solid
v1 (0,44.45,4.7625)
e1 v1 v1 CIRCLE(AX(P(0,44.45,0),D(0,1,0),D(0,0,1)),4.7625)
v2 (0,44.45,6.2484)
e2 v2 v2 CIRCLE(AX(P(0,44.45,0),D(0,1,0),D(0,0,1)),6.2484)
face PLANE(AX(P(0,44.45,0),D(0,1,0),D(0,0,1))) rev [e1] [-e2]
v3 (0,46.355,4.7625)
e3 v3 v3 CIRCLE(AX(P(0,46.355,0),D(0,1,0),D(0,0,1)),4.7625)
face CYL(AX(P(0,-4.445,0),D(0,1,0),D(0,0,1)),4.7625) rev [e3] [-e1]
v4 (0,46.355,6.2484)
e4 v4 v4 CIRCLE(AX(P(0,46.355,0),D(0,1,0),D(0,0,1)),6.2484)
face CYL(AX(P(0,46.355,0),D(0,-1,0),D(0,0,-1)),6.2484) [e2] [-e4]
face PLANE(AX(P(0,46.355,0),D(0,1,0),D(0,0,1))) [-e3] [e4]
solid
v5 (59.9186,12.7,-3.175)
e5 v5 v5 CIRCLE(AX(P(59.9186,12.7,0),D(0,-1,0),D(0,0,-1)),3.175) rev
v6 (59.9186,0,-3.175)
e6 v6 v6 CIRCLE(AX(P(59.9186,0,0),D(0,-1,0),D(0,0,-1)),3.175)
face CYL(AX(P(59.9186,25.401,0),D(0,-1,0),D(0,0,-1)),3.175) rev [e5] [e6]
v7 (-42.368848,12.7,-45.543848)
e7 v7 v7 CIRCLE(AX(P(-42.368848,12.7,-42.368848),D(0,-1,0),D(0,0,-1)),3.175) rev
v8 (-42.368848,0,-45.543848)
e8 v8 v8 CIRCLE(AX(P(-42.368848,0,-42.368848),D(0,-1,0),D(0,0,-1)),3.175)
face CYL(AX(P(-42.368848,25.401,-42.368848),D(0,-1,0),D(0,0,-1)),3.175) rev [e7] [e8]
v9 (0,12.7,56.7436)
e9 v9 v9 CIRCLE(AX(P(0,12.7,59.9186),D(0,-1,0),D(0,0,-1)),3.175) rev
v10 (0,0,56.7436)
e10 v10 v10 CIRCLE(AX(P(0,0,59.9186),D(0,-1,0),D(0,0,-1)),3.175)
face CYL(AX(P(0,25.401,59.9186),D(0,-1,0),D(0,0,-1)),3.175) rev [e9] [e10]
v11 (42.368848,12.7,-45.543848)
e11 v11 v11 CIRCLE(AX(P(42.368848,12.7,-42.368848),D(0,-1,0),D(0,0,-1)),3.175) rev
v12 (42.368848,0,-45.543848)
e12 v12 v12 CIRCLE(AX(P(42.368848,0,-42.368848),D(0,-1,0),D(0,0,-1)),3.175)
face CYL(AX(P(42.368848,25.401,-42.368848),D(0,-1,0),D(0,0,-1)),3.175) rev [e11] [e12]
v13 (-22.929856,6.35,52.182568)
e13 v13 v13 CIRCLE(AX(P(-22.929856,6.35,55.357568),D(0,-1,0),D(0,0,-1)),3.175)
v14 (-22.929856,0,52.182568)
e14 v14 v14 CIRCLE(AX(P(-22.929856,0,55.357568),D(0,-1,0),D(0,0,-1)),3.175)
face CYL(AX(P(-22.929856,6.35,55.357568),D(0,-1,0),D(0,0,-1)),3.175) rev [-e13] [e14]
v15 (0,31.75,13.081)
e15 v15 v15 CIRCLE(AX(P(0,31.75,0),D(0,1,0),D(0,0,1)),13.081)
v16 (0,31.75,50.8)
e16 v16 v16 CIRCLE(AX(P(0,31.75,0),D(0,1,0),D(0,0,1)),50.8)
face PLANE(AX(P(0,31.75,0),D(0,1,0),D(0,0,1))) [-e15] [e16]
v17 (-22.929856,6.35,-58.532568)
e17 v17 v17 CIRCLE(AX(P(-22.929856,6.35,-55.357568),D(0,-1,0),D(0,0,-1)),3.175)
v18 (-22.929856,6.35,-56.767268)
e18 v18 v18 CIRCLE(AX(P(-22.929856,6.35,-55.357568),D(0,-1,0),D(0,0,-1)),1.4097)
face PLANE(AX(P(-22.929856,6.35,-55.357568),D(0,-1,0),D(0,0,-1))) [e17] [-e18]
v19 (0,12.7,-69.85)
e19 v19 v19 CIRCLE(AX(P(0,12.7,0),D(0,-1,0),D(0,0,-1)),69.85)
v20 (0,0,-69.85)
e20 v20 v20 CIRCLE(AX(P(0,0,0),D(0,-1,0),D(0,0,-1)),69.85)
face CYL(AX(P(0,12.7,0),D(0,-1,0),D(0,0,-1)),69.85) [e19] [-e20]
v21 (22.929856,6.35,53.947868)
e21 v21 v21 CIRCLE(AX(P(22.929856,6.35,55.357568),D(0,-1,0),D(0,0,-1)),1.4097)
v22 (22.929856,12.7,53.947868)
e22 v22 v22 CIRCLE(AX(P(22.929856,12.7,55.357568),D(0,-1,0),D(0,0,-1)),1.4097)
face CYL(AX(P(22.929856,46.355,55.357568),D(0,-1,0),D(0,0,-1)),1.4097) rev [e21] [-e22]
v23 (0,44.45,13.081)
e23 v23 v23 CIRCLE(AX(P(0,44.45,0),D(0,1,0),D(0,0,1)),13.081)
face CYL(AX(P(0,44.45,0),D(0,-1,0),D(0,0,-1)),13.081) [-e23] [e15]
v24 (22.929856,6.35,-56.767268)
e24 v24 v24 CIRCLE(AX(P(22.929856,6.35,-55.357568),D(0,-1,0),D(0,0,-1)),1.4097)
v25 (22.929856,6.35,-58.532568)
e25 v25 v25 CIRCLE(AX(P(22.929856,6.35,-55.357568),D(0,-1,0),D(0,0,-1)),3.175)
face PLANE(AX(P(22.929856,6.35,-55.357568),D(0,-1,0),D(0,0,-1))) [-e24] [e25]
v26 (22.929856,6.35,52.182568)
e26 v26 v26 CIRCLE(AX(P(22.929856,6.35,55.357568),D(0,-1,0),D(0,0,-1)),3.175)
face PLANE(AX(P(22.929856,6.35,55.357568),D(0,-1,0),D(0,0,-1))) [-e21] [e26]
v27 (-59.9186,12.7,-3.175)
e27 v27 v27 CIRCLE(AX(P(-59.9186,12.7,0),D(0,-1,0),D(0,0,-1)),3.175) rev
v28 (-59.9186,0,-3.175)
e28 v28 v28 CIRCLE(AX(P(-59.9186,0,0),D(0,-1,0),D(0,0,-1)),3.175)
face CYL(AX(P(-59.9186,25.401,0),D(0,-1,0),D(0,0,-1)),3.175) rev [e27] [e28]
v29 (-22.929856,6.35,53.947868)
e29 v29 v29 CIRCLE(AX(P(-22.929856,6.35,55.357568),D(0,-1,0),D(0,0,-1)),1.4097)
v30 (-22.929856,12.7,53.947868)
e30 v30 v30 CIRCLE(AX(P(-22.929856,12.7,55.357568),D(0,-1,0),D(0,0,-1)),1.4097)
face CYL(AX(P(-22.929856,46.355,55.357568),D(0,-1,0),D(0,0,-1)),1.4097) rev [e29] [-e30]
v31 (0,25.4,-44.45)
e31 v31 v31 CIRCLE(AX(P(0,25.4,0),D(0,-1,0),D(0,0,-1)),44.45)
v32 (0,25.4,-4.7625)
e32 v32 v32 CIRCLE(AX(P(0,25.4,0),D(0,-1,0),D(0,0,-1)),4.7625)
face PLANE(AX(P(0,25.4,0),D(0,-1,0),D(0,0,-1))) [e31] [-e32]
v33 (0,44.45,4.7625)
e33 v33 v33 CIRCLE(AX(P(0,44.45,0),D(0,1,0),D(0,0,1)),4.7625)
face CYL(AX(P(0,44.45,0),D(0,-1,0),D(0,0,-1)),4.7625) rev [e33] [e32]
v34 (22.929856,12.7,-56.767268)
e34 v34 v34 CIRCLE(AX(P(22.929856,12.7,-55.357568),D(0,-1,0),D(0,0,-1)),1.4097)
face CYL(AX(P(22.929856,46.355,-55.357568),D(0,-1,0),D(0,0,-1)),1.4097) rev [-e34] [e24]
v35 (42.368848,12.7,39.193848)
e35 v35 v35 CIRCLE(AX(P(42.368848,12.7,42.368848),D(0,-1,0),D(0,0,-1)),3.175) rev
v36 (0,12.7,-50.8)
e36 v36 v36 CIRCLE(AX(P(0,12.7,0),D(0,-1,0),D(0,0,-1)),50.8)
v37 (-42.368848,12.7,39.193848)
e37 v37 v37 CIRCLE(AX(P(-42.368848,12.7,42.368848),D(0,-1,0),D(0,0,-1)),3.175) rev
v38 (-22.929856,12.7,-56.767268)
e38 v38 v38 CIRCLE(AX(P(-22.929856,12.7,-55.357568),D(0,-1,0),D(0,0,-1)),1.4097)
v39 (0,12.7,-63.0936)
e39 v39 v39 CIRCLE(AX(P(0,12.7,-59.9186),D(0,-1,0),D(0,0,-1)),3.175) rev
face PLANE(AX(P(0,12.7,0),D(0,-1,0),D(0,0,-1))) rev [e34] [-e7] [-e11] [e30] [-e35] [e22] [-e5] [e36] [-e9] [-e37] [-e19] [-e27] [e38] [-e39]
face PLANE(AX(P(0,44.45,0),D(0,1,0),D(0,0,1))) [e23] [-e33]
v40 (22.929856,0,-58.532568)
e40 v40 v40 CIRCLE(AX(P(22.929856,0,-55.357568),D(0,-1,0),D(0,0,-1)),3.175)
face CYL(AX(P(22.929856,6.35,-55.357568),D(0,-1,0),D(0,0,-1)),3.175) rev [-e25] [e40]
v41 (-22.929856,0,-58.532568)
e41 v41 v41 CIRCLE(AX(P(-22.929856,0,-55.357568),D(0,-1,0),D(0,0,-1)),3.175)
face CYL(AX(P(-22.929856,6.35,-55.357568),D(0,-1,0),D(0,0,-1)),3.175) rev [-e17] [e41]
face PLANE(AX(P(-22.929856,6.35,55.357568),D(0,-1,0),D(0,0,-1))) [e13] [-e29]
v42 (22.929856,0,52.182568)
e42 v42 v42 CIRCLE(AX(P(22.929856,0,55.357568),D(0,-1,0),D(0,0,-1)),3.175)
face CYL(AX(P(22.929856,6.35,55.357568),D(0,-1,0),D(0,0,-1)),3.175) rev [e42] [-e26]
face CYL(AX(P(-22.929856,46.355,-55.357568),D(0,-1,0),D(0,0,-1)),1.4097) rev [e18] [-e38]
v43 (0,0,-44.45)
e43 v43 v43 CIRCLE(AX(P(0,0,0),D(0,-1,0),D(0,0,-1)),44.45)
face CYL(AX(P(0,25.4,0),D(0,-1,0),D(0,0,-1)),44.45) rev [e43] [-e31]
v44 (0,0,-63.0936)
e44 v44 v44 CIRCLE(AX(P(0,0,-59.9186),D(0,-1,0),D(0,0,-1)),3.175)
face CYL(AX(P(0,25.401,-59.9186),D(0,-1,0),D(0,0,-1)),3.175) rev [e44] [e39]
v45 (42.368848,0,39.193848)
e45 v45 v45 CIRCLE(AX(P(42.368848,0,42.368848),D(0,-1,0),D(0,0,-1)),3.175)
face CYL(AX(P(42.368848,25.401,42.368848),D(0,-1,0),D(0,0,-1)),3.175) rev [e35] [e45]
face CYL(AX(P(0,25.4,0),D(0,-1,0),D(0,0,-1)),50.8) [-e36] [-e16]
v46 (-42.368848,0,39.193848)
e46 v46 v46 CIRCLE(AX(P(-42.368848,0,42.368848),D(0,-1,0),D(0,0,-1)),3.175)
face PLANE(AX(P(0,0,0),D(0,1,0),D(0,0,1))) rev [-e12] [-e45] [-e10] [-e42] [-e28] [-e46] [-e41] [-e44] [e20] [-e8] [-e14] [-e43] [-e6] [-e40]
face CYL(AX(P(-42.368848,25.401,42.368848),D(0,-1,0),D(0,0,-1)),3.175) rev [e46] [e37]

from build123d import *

# Parameters (mm, degrees)
SKETCH1_R           = 50.8
BOSS_EXTRUDE1_DEPTH = 25.4
SKETCH2_R           = 69.85
SKETCH2_R_2         = 50.8
BOSS_EXTRUDE2_DEPTH = 12.7
CUT_EXTRUDE2_REACH  = 27.4
SKETCH4_R           = 3.175
SKETCH5_R           = 12.827
CUT_EXTRUDE3_DEPTH  = 19.05
CUT_EXTRUDE4_REACH  = 8.35
SKETCH6_R           = 1.5875
SKETCH34_R          = 13.081
SKETCH34_R_2        = 4.7625
BOSS_EXTRUDE3_DEPTH = 19.05
SKETCH40_R          = 50.8
BOSS_EXTRUDE5_DEPTH = 6.35
SKETCH38_R          = 6.2484
BOSS_EXTRUDE4_DEPTH = 1.905
SKETCH39_R          = 4.7625
CUT_EXTRUDE7_DEPTH  = 50.8
SKETCH41_R          = 4.7625
CUT_EXTRUDE8_DEPTH  = 6.35
SKETCH46_R          = 3.175
CUT_EXTRUDE10_DEPTH = 6.35
CUT_EXTRUDE11_START = 6.477
SKETCH49_R          = 23.8252
CUT_EXTRUDE11_DEPTH = 3.937
SKETCH50_R          = 1.4097
CUT_EXTRUDE12_DEPTH = 41.005
SKETCH51_R          = 44.45
CUT_EXTRUDE13_DEPTH = 25.4
SKETCH52_R          = 44.45
SKETCH52_R_2        = 4.7625
BOSS_EXTRUDE6_DEPTH = 25.4
SKETCH53_R          = 44.45
CUT_EXTRUDE14_DEPTH = 25.4


with BuildPart() as part:
    # Sketch1 → Boss-Extrude1 (new body)
    with BuildSketch(Plane(origin=(0, 0, 0), x_dir=(1, 0, 0), z_dir=(0, 1, 0))):
        Circle(SKETCH1_R)
    extrude(amount=BOSS_EXTRUDE1_DEPTH)

    # Sketch2 → Boss-Extrude2 (add)
    with BuildSketch(Plane.XZ):
        Circle(SKETCH2_R)
        Circle(SKETCH2_R_2, mode=Mode.SUBTRACT)
    extrude(amount=-BOSS_EXTRUDE2_DEPTH)

    # Sketch4 → Cut-Extrude2 (cut, up to next)
    with BuildSketch(Plane.XZ, mode=Mode.PRIVATE) as cut_extrude2_sk1:
        with Locations((0, -59.9186)):
            Circle(SKETCH4_R)
    cut_extrude2_tool1 = extrude(cut_extrude2_sk1.sketch, amount=-CUT_EXTRUDE2_REACH, mode=Mode.PRIVATE) & part.part
    add(cut_extrude2_tool1.solids().sort_by_distance((0, 0, -59.9186))[0], mode=Mode.SUBTRACT)
    # Sketch4 → Cut-Extrude2 (cut, up to next)
    with BuildSketch(Plane.XZ, mode=Mode.PRIVATE) as cut_extrude2_sk2:
        with Locations((-42.368848379, -42.368848379)):
            Circle(SKETCH4_R)
    cut_extrude2_tool2 = extrude(cut_extrude2_sk2.sketch, amount=-CUT_EXTRUDE2_REACH, mode=Mode.PRIVATE) & part.part
    add(cut_extrude2_tool2.solids().sort_by_distance((-42.368848, 0, -42.368848))[0], mode=Mode.SUBTRACT)
    # Sketch4 → Cut-Extrude2 (cut, up to next)
    with BuildSketch(Plane.XZ, mode=Mode.PRIVATE) as cut_extrude2_sk3:
        with Locations((-59.9186, 0)):
            Circle(SKETCH4_R)
    cut_extrude2_tool3 = extrude(cut_extrude2_sk3.sketch, amount=-CUT_EXTRUDE2_REACH, mode=Mode.PRIVATE) & part.part
    add(cut_extrude2_tool3.solids().sort_by_distance((-59.9186, 0, 0))[0], mode=Mode.SUBTRACT)
    # Sketch4 → Cut-Extrude2 (cut, up to next)
    with BuildSketch(Plane.XZ, mode=Mode.PRIVATE) as cut_extrude2_sk4:
        with Locations((-42.368848379, 42.368848379)):
            Circle(SKETCH4_R)
    cut_extrude2_tool4 = extrude(cut_extrude2_sk4.sketch, amount=-CUT_EXTRUDE2_REACH, mode=Mode.PRIVATE) & part.part
    add(cut_extrude2_tool4.solids().sort_by_distance((-42.368848, 0, 42.368848))[0], mode=Mode.SUBTRACT)
    # Sketch4 → Cut-Extrude2 (cut, up to next)
    with BuildSketch(Plane.XZ, mode=Mode.PRIVATE) as cut_extrude2_sk5:
        with Locations((0, 59.9186)):
            Circle(SKETCH4_R)
    cut_extrude2_tool5 = extrude(cut_extrude2_sk5.sketch, amount=-CUT_EXTRUDE2_REACH, mode=Mode.PRIVATE) & part.part
    add(cut_extrude2_tool5.solids().sort_by_distance((0, 0, 59.9186))[0], mode=Mode.SUBTRACT)
    # Sketch4 → Cut-Extrude2 (cut, up to next)
    with BuildSketch(Plane.XZ, mode=Mode.PRIVATE) as cut_extrude2_sk6:
        with Locations((42.368848379, 42.368848379)):
            Circle(SKETCH4_R)
    cut_extrude2_tool6 = extrude(cut_extrude2_sk6.sketch, amount=-CUT_EXTRUDE2_REACH, mode=Mode.PRIVATE) & part.part
    add(cut_extrude2_tool6.solids().sort_by_distance((42.368848, 0, 42.368848))[0], mode=Mode.SUBTRACT)
    # Sketch4 → Cut-Extrude2 (cut, up to next)
    with BuildSketch(Plane.XZ, mode=Mode.PRIVATE) as cut_extrude2_sk7:
        with Locations((59.9186, 0)):
            Circle(SKETCH4_R)
    cut_extrude2_tool7 = extrude(cut_extrude2_sk7.sketch, amount=-CUT_EXTRUDE2_REACH, mode=Mode.PRIVATE) & part.part
    add(cut_extrude2_tool7.solids().sort_by_distance((59.9186, 0, 0))[0], mode=Mode.SUBTRACT)
    # Sketch4 → Cut-Extrude2 (cut, up to next)
    with BuildSketch(Plane.XZ, mode=Mode.PRIVATE) as cut_extrude2_sk8:
        with Locations((42.368848379, -42.368848379)):
            Circle(SKETCH4_R)
    cut_extrude2_tool8 = extrude(cut_extrude2_sk8.sketch, amount=-CUT_EXTRUDE2_REACH, mode=Mode.PRIVATE) & part.part
    add(cut_extrude2_tool8.solids().sort_by_distance((42.368848, 0, -42.368848))[0], mode=Mode.SUBTRACT)

    # Sketch5 → Cut-Extrude3 (cut)
    with BuildSketch(Plane(origin=(0, 25.4, 0), x_dir=(1, 0, 0), z_dir=(0, 1, 0))):
        Circle(SKETCH5_R)
    extrude(amount=-CUT_EXTRUDE3_DEPTH, mode=Mode.SUBTRACT)

    # Sketch6 → Cut-Extrude4 (cut, up to next)
    with BuildSketch(Plane(origin=(0, 6.35, 0), x_dir=(1, 0, 0), z_dir=(0, 1, 0)), mode=Mode.PRIVATE) as cut_extrude4_sk1:
        Circle(SKETCH6_R)
    cut_extrude4_tool1 = extrude(cut_extrude4_sk1.sketch, amount=-CUT_EXTRUDE4_REACH, mode=Mode.PRIVATE) & part.part
    add(cut_extrude4_tool1.solids().sort_by_distance((0, 6.35, 0))[0], mode=Mode.SUBTRACT)

    # Sketch34 → Boss-Extrude3 (add)
    with BuildSketch(Plane(origin=(0, 25.4, 0), x_dir=(1, 0, 0), z_dir=(0, 1, 0))):
        Circle(SKETCH34_R)
        Circle(SKETCH34_R_2, mode=Mode.SUBTRACT)
    extrude(amount=BOSS_EXTRUDE3_DEPTH)

    # Sketch40 → Boss-Extrude5 (add)
    with BuildSketch(Plane(origin=(0, 25.4, 0), x_dir=(1, 0, 0), z_dir=(0, 1, 0))):
        Circle(SKETCH40_R)
    extrude(amount=BOSS_EXTRUDE5_DEPTH)

    # Sketch41 → Cut-Extrude8 (cut)
    with BuildSketch(Plane(origin=(0, 31.75, 0), x_dir=(1, 0, 0), z_dir=(0, 1, 0))):
        Circle(SKETCH41_R)
    extrude(amount=-CUT_EXTRUDE8_DEPTH, mode=Mode.SUBTRACT)

    # Sketch46 → Cut-Extrude10 (cut)
    with BuildSketch(Plane.XZ):
        with Locations((-22.929855511, 55.357568157)):
            Circle(SKETCH46_R)
        with Locations((22.929855511, 55.357568157)):
            Circle(SKETCH46_R)
        with Locations((-22.929855511, -55.357568157)):
            Circle(SKETCH46_R)
        with Locations((22.929855511, -55.357568157)):
            Circle(SKETCH46_R)
    extrude(amount=-CUT_EXTRUDE10_DEPTH, mode=Mode.SUBTRACT)

    # Sketch49 → Cut-Extrude11 (cut)
    with BuildSketch(Plane.XZ.offset(-6.477).offset(CUT_EXTRUDE11_START)):
        Circle(SKETCH49_R)
    extrude(amount=-CUT_EXTRUDE11_DEPTH, mode=Mode.SUBTRACT)

    # Sketch50 → Cut-Extrude12 (cut, through all)
    with BuildSketch(Plane.XZ.offset(-6.35)):
        with Locations((-22.929855511, 55.357568157)):
            Circle(SKETCH50_R)
        with Locations((22.929855511, 55.357568157)):
            Circle(SKETCH50_R)
        with Locations((-22.929855511, -55.357568157)):
            Circle(SKETCH50_R)
        with Locations((22.929855511, -55.357568157)):
            Circle(SKETCH50_R)
    extrude(amount=-CUT_EXTRUDE12_DEPTH, mode=Mode.SUBTRACT)

    # Sketch51 → Cut-Extrude13 (cut)
    with BuildSketch(Plane.XZ):
        Circle(SKETCH51_R)
    extrude(amount=-CUT_EXTRUDE13_DEPTH, mode=Mode.SUBTRACT)

    # Sketch52 → Boss-Extrude6 (add)
    with BuildSketch(Plane(origin=(0, 0, 0), x_dir=(-1, 0, 0), z_dir=(0, -1, 0))):
        Circle(SKETCH52_R)
        Circle(SKETCH52_R_2, mode=Mode.SUBTRACT)
    extrude(amount=-BOSS_EXTRUDE6_DEPTH)

    # Sketch53 → Cut-Extrude14 (cut)
    with BuildSketch(Plane.XZ):
        Circle(SKETCH53_R)
    extrude(amount=-CUT_EXTRUDE14_DEPTH, mode=Mode.SUBTRACT)


with BuildPart() as body_2:
    # Sketch38 → Boss-Extrude4 (new body)
    with BuildSketch(Plane(origin=(0, 44.45, 0), x_dir=(1, 0, 0), z_dir=(0, 1, 0))):
        Circle(SKETCH38_R)
    extrude(amount=BOSS_EXTRUDE4_DEPTH)

    # Sketch39 → Cut-Extrude7 (cut)
    with BuildSketch(Plane(origin=(0, 46.355, 0), x_dir=(1, 0, 0), z_dir=(0, 1, 0))):
        Circle(SKETCH39_R)
    extrude(amount=-CUT_EXTRUDE7_DEPTH, mode=Mode.SUBTRACT)


solid = Compound([part.part, body_2.part])
